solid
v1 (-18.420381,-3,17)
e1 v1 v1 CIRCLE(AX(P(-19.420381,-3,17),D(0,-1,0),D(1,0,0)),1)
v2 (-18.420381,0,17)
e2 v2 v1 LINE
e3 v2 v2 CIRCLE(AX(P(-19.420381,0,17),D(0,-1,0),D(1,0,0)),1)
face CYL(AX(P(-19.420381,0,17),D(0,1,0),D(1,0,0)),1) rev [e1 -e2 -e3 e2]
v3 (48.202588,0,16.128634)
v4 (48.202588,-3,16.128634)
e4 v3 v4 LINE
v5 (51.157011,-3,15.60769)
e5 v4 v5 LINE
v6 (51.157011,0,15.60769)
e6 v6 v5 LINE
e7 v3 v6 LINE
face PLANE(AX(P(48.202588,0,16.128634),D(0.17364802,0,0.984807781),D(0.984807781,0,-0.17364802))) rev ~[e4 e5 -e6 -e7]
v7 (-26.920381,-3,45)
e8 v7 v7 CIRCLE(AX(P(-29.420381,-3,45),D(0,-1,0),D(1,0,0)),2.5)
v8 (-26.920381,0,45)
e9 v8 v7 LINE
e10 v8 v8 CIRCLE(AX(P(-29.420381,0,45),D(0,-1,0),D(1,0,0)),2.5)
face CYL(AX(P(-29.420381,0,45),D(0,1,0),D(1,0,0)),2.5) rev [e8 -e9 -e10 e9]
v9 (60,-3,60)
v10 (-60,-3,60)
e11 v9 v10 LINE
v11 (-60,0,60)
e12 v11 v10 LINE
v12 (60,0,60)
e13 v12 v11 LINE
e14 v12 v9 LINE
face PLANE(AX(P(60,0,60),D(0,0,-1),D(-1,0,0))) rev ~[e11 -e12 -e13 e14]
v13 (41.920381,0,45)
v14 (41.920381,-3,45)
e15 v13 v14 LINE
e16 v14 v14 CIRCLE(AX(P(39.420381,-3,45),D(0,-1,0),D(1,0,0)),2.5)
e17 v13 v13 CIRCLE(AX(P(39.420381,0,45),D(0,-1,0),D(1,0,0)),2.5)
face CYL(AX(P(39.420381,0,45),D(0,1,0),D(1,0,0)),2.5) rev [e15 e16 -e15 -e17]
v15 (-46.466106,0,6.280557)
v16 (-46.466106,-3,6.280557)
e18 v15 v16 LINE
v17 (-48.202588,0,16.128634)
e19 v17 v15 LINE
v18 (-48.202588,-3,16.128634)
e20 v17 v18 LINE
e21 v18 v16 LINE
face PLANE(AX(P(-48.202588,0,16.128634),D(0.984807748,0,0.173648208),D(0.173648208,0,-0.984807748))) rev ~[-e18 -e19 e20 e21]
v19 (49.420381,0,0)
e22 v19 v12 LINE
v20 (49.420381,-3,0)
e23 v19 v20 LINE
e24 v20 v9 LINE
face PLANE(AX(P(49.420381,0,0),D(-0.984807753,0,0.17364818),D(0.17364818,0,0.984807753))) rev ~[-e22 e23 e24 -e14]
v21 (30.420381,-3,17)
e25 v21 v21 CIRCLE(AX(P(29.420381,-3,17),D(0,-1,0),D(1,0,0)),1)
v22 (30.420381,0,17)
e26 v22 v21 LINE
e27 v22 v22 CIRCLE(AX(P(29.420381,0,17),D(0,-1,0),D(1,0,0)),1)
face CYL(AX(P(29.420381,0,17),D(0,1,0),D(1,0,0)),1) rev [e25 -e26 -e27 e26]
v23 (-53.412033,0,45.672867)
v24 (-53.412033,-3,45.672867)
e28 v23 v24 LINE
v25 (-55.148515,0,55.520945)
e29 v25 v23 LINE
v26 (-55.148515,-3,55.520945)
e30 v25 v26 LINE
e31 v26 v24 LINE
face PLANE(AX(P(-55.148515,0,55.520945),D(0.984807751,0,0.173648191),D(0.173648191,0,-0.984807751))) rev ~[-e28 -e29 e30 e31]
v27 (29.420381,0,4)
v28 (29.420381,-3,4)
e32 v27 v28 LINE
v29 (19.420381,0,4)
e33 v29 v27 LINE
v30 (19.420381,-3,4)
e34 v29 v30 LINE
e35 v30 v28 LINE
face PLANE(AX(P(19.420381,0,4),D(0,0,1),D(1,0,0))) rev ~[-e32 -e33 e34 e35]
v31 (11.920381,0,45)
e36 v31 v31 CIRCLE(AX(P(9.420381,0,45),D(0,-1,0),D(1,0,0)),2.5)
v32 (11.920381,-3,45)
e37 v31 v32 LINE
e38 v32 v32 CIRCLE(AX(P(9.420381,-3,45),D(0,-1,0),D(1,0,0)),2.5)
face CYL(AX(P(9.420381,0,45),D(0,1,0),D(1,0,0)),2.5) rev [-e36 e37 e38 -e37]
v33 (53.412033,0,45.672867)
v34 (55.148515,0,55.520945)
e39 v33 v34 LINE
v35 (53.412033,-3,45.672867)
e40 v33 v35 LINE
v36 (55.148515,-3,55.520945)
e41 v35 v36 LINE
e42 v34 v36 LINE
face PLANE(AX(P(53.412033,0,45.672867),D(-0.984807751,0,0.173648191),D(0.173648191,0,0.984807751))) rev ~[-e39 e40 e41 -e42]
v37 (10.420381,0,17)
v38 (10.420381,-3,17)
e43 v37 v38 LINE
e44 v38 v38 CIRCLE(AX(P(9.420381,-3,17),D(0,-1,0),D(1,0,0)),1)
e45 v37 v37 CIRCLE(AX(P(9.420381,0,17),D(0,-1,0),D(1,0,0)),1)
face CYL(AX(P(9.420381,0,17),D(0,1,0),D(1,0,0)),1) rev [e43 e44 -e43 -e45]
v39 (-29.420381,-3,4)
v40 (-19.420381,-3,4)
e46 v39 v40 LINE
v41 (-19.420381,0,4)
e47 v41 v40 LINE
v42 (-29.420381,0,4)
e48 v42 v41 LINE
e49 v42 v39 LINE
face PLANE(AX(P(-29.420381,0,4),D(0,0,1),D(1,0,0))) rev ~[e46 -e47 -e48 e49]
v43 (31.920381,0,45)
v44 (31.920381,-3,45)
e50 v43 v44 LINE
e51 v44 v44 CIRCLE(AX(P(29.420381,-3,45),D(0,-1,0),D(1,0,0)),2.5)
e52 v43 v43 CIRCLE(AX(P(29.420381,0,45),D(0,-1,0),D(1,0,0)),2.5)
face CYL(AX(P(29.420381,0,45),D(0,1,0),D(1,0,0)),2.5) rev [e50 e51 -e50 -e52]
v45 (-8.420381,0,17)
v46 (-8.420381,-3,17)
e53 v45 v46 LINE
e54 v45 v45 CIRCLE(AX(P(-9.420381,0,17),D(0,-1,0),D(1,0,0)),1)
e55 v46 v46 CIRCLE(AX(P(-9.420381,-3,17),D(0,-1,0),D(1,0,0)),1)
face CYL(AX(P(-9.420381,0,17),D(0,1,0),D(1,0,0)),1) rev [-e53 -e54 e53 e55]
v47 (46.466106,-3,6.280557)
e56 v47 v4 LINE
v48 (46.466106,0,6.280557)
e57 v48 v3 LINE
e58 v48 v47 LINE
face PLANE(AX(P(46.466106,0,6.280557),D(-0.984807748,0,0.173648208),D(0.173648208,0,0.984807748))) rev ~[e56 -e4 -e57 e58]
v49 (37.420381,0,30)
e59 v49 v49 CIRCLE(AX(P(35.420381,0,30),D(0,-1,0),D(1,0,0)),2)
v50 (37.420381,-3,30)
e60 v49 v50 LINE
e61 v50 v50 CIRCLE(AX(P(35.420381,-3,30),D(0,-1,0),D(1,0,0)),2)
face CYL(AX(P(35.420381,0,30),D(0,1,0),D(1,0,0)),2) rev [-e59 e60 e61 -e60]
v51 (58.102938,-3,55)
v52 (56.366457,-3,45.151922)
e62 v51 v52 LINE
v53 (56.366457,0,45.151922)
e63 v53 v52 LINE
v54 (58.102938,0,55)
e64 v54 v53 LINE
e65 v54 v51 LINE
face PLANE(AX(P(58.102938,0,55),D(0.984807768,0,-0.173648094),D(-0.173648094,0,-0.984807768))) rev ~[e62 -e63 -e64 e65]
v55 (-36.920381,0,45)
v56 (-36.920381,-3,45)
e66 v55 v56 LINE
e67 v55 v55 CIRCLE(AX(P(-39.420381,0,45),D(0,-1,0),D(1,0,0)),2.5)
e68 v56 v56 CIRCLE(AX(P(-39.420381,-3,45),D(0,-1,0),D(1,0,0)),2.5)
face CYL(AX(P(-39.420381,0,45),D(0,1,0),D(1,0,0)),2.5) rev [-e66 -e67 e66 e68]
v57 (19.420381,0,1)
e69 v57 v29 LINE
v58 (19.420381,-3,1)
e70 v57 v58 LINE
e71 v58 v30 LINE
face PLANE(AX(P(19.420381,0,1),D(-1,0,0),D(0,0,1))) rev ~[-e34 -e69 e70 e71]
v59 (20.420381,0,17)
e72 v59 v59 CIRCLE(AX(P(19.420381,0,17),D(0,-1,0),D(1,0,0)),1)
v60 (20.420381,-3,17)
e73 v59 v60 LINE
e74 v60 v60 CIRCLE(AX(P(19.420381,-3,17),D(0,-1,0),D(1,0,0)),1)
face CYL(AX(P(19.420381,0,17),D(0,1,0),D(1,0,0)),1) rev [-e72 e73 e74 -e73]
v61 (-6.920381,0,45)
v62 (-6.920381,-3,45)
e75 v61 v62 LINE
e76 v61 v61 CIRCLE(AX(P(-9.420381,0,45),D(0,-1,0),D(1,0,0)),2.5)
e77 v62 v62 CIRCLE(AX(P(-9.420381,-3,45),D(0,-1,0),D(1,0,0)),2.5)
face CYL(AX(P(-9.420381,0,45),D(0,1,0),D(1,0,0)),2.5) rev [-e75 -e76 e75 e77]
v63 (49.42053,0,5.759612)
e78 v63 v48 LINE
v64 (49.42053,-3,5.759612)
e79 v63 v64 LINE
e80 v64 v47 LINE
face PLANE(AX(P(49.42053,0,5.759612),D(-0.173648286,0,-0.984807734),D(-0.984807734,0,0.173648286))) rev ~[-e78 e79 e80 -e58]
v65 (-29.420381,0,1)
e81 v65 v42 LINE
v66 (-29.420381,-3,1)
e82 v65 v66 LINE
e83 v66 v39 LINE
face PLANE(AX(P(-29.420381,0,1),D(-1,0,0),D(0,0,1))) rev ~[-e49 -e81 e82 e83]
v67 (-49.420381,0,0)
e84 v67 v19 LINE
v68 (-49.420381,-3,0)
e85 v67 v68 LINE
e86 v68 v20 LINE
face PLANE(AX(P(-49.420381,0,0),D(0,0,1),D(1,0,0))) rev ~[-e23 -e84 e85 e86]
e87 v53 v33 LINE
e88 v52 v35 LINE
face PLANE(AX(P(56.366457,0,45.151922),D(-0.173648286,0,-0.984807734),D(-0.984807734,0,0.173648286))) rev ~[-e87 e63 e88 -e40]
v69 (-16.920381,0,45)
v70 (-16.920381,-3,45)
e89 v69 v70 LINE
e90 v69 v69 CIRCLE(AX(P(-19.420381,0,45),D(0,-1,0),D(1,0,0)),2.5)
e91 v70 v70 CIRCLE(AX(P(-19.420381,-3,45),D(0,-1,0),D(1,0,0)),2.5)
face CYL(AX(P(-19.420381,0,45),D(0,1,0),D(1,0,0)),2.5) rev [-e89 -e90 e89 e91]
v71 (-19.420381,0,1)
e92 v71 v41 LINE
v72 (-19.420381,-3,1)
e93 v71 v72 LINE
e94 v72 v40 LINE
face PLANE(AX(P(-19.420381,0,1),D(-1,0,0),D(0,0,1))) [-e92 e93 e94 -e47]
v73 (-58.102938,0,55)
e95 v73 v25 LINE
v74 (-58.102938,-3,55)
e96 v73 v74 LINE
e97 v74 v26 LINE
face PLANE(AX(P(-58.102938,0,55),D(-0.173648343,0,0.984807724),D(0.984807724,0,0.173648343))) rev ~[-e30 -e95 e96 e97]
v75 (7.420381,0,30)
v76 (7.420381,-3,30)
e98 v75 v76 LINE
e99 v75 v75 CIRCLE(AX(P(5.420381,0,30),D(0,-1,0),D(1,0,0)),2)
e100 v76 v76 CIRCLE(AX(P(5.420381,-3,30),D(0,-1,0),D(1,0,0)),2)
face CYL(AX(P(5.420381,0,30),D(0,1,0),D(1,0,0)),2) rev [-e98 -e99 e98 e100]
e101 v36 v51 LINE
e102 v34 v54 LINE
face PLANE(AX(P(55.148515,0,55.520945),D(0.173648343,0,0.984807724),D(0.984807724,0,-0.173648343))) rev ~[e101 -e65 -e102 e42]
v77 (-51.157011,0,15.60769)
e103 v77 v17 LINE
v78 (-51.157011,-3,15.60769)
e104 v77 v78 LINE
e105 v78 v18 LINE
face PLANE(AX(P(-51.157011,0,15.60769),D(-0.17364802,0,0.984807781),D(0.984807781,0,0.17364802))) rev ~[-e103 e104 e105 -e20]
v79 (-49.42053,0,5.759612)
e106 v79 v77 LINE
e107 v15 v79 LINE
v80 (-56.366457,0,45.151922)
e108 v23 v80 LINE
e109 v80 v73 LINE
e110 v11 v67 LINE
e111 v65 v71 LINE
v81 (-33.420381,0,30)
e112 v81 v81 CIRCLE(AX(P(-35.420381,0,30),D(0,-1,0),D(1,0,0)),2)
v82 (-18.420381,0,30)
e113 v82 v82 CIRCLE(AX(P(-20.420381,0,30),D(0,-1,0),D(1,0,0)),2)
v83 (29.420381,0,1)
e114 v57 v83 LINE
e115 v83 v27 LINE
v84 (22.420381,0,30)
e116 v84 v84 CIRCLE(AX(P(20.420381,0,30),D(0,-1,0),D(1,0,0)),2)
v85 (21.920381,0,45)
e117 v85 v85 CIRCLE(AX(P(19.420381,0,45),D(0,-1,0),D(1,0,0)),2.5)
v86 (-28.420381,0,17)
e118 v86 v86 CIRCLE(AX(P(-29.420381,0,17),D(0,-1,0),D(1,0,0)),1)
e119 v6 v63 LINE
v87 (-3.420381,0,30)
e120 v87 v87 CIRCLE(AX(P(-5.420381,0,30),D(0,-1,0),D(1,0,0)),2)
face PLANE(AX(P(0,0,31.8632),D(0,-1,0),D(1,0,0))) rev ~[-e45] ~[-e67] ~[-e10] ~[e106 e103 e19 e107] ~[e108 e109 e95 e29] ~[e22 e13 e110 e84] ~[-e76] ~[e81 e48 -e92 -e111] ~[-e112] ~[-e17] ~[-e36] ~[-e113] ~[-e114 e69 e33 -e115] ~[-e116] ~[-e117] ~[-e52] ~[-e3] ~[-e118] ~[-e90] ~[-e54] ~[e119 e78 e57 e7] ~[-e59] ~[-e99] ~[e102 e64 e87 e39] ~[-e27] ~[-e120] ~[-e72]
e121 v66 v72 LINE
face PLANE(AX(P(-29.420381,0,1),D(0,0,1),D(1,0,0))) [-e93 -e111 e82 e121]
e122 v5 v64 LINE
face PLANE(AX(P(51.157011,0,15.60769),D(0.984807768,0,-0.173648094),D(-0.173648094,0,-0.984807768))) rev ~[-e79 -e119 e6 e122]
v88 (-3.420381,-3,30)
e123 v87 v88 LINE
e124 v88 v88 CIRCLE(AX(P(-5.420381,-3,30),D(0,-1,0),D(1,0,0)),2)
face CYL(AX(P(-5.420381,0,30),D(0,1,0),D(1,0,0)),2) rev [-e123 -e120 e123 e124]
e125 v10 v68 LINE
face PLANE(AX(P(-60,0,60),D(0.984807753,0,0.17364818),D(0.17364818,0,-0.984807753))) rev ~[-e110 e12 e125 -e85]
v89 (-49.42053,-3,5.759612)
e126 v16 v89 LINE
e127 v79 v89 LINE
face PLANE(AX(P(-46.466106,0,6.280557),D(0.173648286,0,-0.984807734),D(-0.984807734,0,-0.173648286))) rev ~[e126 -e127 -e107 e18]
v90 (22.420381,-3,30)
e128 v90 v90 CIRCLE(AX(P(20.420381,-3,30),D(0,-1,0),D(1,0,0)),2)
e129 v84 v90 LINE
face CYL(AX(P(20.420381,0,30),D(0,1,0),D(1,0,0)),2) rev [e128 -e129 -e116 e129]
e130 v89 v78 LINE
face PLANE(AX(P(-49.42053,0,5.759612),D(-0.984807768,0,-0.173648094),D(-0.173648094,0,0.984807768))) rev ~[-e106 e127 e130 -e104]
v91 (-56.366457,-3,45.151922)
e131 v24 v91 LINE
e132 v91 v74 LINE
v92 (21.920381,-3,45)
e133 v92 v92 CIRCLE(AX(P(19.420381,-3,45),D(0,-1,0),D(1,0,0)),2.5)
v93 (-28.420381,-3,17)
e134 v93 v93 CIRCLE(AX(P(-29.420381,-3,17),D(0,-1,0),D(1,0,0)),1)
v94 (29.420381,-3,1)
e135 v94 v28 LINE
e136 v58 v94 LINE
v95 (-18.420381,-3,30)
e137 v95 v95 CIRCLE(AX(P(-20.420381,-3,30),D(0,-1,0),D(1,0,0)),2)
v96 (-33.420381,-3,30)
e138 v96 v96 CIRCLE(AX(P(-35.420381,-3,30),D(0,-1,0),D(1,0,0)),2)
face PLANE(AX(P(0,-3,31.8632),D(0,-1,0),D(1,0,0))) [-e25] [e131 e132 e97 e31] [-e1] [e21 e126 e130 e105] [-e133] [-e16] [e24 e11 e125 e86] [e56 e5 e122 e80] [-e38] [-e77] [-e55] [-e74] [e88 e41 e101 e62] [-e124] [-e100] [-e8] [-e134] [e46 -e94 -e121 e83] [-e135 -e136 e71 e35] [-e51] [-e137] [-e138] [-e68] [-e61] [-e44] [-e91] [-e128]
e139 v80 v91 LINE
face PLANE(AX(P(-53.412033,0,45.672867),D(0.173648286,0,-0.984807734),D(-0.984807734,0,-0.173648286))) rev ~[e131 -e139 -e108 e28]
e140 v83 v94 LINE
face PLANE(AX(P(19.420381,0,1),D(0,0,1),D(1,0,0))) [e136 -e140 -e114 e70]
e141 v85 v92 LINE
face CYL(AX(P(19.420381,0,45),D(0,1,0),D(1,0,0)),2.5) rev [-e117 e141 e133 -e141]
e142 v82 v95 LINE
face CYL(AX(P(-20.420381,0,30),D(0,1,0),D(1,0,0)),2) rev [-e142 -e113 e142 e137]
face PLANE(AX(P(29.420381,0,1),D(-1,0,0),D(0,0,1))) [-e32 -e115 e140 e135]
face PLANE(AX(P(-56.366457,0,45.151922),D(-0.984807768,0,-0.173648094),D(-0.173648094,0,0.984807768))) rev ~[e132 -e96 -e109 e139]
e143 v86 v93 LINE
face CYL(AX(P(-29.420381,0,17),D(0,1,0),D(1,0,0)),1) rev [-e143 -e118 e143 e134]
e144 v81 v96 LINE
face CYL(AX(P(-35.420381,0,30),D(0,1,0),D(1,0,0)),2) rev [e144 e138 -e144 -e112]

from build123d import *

# Parameters (mm, degrees)
F0_W     = 10
F0_H     = 3
F0_R     = 1
F0_R_2   = 2
F0_R_3   = 2.5
F1_DEPTH = 3


with BuildPart() as f1:
    # F0 (on Front) → F1 (new body)
    with BuildSketch(Plane.XZ):
        Polygon((-60, 60), (-49.420381, 0), (49.420381, 0), (60, 60), align=None)
        Polygon((-49.42053, 5.759612), (-51.157011, 15.60769), (-48.202588, 16.128634), (-46.466106, 6.280557), align=None, mode=Mode.SUBTRACT)
        with Locations((-24.420381, 2.5)):
            Rectangle(F0_W, F0_H, mode=Mode.SUBTRACT)
        with Locations((-29.420381, 17)):
            Circle(F0_R, mode=Mode.SUBTRACT)
        with Locations((-19.420381, 17)):
            Circle(F0_R, mode=Mode.SUBTRACT)
        with Locations((-9.420381, 17)):
            Circle(F0_R, mode=Mode.SUBTRACT)
        with Locations((24.420381, 2.5)):
            Rectangle(F0_W, F0_H, mode=Mode.SUBTRACT)
        Polygon((51.157011, 15.60769), (49.42053, 5.759612), (46.466106, 6.280557), (48.202588, 16.128634), align=None, mode=Mode.SUBTRACT)
        with Locations((9.420381, 17)):
            Circle(F0_R, mode=Mode.SUBTRACT)
        with Locations((19.420381, 17)):
            Circle(F0_R, mode=Mode.SUBTRACT)
        with Locations((29.420381, 17)):
            Circle(F0_R, mode=Mode.SUBTRACT)
        with Locations((-35.420381, 30)):
            Circle(F0_R_2, mode=Mode.SUBTRACT)
        with Locations((-20.420381, 30)):
            Circle(F0_R_2, mode=Mode.SUBTRACT)
        with Locations((-5.420381, 30)):
            Circle(F0_R_2, mode=Mode.SUBTRACT)
        Polygon((-56.366457, 45.151922), (-58.102938, 55), (-55.148515, 55.520945), (-53.412033, 45.672867), align=None, mode=Mode.SUBTRACT)
        with Locations((-39.420381, 45)):
            Circle(F0_R_3, mode=Mode.SUBTRACT)
        with Locations((-29.420381, 45)):
            Circle(F0_R_3, mode=Mode.SUBTRACT)
        with Locations((-19.420381, 45)):
            Circle(F0_R_3, mode=Mode.SUBTRACT)
        with Locations((-9.420381, 45)):
            Circle(F0_R_3, mode=Mode.SUBTRACT)
        with Locations((5.420381, 30)):
            Circle(F0_R_2, mode=Mode.SUBTRACT)
        with Locations((20.420381, 30)):
            Circle(F0_R_2, mode=Mode.SUBTRACT)
        with Locations((35.420381, 30)):
            Circle(F0_R_2, mode=Mode.SUBTRACT)
        with Locations((9.420381, 45)):
            Circle(F0_R_3, mode=Mode.SUBTRACT)
        with Locations((19.420381, 45)):
            Circle(F0_R_3, mode=Mode.SUBTRACT)
        with Locations((29.420381, 45)):
            Circle(F0_R_3, mode=Mode.SUBTRACT)
        with Locations((39.420381, 45)):
            Circle(F0_R_3, mode=Mode.SUBTRACT)
        Polygon((56.366457, 45.151922), (53.412033, 45.672867), (55.148515, 55.520945), (58.102938, 55), align=None, mode=Mode.SUBTRACT)
    extrude(amount=F1_DEPTH)


solid = f1.part
